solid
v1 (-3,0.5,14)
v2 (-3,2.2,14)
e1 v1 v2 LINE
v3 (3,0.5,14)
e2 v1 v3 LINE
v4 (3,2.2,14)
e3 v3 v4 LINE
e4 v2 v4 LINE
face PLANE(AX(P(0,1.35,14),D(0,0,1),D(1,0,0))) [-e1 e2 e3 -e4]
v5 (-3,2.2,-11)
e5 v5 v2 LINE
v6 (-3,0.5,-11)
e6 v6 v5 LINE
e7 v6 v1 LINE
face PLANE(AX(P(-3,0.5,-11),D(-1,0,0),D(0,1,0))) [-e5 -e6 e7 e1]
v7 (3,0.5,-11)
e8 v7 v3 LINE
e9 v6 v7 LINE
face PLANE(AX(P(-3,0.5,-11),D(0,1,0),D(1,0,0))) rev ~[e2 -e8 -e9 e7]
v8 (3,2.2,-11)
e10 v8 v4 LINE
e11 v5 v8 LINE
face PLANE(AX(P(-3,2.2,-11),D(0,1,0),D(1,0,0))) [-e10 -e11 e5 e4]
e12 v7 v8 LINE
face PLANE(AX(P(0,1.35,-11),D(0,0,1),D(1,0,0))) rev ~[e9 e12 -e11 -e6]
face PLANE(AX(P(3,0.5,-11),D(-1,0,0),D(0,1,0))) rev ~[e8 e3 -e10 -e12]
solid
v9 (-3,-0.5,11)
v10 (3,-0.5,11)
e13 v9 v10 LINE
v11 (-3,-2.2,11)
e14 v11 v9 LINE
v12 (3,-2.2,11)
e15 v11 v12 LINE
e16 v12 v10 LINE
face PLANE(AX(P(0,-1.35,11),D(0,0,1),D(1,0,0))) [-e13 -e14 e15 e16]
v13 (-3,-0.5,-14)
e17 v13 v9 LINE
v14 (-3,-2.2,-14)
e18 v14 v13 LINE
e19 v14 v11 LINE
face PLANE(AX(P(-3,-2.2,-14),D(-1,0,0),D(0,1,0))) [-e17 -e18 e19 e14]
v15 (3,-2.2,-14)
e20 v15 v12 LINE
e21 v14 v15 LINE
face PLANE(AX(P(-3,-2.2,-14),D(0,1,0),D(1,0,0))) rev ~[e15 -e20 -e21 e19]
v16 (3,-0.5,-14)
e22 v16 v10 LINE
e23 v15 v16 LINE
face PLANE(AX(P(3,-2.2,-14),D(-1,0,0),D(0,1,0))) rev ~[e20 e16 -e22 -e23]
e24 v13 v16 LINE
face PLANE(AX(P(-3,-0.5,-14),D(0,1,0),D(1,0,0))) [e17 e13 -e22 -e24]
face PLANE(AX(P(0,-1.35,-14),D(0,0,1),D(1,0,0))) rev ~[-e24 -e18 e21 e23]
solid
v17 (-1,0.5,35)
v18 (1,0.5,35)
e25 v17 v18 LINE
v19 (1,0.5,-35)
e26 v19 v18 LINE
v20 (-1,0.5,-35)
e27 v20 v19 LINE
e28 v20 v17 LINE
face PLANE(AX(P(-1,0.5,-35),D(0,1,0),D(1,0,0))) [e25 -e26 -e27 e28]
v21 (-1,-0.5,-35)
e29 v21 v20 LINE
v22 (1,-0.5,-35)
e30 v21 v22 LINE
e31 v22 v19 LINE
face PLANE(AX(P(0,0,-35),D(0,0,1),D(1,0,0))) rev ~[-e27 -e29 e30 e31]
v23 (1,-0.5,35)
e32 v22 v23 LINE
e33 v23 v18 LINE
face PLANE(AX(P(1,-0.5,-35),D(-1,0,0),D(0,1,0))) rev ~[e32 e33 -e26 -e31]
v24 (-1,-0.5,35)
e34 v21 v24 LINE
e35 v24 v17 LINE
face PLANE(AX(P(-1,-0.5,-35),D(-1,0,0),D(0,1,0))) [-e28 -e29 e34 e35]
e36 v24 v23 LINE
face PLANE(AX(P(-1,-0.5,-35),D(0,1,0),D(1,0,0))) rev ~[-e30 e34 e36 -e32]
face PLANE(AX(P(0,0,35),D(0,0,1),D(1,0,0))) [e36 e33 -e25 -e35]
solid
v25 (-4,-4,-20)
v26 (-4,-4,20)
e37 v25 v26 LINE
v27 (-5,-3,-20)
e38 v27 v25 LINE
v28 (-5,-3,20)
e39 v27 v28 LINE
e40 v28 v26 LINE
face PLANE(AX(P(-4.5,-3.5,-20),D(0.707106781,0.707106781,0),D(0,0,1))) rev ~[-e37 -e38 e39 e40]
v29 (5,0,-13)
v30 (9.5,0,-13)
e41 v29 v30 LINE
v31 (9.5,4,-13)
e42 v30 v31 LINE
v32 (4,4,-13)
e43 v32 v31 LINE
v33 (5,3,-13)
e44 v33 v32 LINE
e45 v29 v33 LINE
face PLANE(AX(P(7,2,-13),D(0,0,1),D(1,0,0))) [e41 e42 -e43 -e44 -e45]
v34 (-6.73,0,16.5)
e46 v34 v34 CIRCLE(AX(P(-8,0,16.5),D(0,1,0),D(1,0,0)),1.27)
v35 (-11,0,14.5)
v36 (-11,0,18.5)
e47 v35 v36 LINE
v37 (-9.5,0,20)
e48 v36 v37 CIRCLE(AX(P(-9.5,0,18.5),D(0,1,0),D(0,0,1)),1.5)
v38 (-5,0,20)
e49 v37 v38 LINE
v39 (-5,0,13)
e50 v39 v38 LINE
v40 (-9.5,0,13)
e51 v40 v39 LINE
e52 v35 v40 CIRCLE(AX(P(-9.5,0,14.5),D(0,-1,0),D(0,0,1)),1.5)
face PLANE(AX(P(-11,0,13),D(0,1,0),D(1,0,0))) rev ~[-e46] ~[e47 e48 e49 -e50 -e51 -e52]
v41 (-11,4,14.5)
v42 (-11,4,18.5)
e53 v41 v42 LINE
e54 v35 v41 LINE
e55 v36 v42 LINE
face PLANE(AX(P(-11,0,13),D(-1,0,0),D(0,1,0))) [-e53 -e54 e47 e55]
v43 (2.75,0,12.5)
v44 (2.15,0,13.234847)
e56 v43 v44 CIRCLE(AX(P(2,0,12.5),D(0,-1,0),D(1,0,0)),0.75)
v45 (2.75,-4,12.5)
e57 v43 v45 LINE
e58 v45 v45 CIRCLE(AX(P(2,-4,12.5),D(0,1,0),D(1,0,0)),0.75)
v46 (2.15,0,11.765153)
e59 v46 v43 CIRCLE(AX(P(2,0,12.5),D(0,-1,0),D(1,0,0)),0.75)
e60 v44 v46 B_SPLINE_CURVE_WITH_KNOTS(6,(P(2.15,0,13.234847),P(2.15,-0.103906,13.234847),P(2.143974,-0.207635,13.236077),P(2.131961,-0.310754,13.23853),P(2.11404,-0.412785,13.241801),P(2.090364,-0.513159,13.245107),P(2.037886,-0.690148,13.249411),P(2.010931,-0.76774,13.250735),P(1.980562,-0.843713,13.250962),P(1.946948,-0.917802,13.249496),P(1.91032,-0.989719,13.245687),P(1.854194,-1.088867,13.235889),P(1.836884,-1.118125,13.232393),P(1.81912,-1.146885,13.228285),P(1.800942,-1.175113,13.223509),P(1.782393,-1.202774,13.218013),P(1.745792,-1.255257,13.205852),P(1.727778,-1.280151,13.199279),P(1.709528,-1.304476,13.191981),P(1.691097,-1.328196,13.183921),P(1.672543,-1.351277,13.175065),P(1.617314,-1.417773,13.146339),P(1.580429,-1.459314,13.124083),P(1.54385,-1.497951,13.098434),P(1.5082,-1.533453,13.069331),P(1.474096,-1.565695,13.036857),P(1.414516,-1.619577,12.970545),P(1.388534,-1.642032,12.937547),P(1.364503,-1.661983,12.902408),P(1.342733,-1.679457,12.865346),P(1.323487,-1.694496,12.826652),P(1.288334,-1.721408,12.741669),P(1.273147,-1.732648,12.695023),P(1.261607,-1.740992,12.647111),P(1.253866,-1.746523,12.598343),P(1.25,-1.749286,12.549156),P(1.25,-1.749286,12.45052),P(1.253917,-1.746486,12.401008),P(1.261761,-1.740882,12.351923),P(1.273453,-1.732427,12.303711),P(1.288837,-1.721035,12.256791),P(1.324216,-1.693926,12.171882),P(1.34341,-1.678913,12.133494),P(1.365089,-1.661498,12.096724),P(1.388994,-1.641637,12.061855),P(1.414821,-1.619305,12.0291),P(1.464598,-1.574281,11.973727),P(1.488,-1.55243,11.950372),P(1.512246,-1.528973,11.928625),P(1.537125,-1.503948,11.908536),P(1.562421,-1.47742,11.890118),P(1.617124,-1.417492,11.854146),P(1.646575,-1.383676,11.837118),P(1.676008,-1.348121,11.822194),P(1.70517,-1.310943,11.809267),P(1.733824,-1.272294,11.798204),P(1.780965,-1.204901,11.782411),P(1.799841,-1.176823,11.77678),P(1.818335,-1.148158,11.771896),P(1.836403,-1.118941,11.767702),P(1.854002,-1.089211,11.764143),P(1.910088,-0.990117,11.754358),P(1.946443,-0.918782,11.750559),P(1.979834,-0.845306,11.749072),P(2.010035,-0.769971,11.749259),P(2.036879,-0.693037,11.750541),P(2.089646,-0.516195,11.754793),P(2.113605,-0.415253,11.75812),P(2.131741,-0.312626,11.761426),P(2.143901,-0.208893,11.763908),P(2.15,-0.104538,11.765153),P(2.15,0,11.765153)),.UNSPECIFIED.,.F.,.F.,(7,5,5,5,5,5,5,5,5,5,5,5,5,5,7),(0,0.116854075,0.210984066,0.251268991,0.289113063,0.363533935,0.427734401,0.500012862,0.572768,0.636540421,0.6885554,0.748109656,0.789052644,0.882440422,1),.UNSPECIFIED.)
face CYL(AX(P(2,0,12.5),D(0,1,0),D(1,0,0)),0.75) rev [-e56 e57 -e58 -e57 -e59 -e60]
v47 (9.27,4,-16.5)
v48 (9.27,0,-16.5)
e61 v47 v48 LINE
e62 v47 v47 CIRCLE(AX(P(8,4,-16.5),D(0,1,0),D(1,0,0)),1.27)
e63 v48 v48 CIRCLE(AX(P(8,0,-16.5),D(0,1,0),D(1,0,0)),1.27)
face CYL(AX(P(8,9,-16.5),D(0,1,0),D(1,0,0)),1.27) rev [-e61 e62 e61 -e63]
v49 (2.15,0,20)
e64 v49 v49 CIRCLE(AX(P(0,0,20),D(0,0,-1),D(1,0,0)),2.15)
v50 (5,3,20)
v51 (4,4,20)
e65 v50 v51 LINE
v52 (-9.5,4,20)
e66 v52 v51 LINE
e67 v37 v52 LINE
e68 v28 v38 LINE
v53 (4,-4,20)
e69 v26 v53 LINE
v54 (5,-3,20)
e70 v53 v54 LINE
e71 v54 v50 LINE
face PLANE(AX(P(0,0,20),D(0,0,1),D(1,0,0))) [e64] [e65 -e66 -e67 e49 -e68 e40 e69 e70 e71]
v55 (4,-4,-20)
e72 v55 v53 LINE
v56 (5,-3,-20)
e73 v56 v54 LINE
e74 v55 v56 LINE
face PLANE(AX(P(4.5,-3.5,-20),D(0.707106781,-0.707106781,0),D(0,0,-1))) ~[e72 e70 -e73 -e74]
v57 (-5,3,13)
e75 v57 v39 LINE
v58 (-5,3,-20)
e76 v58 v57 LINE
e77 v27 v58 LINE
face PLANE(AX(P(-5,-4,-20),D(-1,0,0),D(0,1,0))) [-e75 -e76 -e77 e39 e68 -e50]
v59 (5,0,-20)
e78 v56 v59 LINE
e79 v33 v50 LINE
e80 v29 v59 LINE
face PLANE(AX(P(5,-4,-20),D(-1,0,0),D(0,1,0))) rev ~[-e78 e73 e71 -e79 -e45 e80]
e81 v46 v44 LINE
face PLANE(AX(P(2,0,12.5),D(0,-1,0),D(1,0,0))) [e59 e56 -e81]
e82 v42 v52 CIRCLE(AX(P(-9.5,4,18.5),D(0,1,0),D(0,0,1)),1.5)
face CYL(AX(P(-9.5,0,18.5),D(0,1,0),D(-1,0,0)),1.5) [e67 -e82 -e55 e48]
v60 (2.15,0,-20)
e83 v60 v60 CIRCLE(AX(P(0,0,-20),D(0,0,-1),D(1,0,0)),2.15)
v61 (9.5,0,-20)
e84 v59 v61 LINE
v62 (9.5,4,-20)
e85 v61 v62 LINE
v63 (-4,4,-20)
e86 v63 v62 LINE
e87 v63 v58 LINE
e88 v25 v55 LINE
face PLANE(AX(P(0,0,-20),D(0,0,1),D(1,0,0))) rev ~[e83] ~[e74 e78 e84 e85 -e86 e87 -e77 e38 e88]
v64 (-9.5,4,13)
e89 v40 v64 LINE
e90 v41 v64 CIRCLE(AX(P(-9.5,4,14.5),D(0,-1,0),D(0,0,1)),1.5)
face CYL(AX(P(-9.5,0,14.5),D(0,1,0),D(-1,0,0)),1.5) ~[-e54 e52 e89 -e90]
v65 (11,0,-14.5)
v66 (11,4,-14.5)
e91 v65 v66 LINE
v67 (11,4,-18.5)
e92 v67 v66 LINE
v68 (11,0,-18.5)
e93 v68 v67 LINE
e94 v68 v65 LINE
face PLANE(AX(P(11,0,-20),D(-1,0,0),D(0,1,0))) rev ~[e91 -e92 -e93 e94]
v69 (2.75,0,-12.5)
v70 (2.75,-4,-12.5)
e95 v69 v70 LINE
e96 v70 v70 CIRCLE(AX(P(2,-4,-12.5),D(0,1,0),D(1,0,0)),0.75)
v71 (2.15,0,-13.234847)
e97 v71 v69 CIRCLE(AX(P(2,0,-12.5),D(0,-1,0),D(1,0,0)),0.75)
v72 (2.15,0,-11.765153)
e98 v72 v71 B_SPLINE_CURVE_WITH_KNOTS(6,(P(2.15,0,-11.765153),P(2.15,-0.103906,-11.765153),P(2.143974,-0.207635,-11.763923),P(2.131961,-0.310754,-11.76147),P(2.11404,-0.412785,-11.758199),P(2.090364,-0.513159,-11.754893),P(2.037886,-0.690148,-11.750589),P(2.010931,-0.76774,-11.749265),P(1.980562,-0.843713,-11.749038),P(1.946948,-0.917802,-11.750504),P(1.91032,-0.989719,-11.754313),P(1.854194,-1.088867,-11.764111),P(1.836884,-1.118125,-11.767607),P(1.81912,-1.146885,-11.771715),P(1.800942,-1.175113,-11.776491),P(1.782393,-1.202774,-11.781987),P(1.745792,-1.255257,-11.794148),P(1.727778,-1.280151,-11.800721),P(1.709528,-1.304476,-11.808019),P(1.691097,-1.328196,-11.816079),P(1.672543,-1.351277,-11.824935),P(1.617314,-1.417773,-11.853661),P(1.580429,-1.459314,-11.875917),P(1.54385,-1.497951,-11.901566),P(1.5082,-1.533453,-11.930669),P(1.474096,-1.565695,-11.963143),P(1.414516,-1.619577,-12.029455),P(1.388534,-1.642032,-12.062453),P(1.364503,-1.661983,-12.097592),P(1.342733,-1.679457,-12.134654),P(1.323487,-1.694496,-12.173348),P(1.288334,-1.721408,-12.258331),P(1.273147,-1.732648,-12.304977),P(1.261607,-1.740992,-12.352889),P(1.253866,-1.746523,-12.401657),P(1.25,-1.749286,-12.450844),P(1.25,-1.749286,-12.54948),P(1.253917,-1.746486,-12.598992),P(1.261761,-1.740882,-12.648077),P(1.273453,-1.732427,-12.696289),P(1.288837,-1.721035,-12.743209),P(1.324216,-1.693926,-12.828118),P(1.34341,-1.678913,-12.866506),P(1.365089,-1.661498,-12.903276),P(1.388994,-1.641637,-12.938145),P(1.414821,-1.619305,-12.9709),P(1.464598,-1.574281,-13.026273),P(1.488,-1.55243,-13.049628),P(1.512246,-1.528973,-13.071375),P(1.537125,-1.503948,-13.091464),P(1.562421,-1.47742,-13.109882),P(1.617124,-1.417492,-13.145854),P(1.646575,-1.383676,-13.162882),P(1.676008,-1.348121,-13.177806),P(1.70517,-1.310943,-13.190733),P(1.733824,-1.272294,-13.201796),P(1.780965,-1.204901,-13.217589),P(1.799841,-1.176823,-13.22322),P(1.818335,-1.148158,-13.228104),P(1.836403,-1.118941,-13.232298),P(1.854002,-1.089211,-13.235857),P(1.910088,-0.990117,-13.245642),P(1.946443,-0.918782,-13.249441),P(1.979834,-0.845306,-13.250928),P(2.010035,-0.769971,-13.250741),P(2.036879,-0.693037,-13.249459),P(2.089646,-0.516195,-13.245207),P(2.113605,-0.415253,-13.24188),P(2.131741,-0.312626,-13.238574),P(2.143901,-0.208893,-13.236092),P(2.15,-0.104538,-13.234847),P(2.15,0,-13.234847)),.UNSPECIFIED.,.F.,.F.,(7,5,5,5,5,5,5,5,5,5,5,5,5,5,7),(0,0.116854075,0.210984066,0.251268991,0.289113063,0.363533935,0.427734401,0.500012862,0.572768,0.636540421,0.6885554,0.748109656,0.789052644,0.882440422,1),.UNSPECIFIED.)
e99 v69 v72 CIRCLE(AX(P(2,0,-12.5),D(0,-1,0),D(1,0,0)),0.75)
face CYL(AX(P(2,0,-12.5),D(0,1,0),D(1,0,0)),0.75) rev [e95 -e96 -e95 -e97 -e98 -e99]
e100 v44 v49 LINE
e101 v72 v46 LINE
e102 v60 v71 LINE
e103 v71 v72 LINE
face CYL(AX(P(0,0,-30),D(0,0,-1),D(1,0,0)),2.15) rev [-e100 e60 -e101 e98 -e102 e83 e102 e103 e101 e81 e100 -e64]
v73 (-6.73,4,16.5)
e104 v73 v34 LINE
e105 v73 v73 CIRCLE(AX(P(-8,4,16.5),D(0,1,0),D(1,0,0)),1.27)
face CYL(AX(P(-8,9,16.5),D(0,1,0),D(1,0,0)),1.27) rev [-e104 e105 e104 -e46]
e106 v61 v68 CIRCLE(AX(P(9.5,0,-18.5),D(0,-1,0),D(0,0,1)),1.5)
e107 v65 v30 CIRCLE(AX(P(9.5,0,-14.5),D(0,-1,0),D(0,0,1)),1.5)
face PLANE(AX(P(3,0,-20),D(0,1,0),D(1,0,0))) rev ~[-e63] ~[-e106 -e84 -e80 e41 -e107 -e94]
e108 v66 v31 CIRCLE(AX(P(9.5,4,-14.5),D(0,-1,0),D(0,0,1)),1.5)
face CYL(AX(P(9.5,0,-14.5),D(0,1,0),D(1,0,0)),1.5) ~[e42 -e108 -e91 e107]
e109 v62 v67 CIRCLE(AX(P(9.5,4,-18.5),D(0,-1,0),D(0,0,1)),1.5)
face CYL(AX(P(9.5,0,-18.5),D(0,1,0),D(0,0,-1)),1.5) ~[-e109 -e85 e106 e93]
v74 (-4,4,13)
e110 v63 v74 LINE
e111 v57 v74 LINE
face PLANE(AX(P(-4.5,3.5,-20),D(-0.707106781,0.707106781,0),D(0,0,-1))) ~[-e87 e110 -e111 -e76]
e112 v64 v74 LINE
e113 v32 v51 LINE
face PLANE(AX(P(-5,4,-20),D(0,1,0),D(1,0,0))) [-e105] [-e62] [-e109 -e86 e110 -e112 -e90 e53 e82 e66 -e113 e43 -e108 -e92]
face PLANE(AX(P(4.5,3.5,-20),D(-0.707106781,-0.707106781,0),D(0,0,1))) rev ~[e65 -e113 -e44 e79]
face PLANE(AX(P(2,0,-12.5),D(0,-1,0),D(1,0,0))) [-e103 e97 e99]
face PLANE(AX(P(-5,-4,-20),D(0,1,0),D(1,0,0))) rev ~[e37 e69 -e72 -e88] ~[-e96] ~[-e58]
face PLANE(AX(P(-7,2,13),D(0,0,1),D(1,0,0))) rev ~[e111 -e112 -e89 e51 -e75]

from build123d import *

# Parameters (mm, degrees)
BOX_W                  = 2
BOX_H                  = 1
BOX_DEPTH              = 70
BOX002_W               = 6
BOX002_H               = 1.7
BOX002_DEPTH           = 25
BOX003_W               = 6
BOX003_H               = 1.7
BOX003_DEPTH           = 25
CYLINDER002_R          = 0.75
CYLINDER002_DEPTH      = 20
CYLINDER002_ROLL_ANGLE = 90
CYLINDER001_R          = 0.75
CYLINDER001_DEPTH      = 20
CYLINDER001_ROLL_ANGLE = 90
CYLINDER_R             = 2.15
CYLINDER_DEPTH         = 60
CYLINDER003_R          = 1.27
CYLINDER003_DEPTH      = 20
CYLINDER003_ROLL_ANGLE = 90
CYLINDER004_R          = 1.27
CYLINDER004_DEPTH      = 20
CYLINDER004_ROLL_ANGLE = 90
BOX004_W               = 8
BOX004_H               = 4
BOX004_DEPTH           = 7
BOX001_W               = 10
BOX001_H               = 8
BOX001_DEPTH           = 40
CHAMFER_SIZE           = 1
CHAMFER001_SIZE        = 1
CHAMFER002_SIZE        = 1
CHAMFER003_SIZE        = 1
BOX005_W               = 8
BOX005_H               = 4
BOX005_DEPTH           = 7
FILLET_R               = 1.5
FILLET001_R            = 1.5
FILLET002_R            = 1.5
FILLET003_R            = 1.5


with BuildPart() as cube:
    # Box → Box (new body)
    with BuildSketch(Plane(origin=(-1, -0.5, -35), x_dir=(1, 0, 0), z_dir=(0, 0, 1))):
        with Locations((1, 0.5)):
            Rectangle(BOX_W, BOX_H)
    extrude(amount=BOX_DEPTH)


with BuildPart() as cube002:
    # Box002 → Box002 (new body)
    with BuildSketch(Plane(origin=(-3, -2.2, -14), x_dir=(1, 0, 0), z_dir=(0, 0, 1))):
        with Locations((3, 0.85)):
            Rectangle(BOX002_W, BOX002_H)
    extrude(amount=BOX002_DEPTH)


with BuildPart() as cube003:
    # Box003 → Box003 (new body)
    with BuildSketch(Plane(origin=(-3, 0.5, -11), x_dir=(1, 0, 0), z_dir=(0, 0, 1))):
        with Locations((3, 0.85)):
            Rectangle(BOX003_W, BOX003_H)
    extrude(amount=BOX003_DEPTH)


with BuildPart() as cylinder002:
    # Cylinder002 → Cylinder002 (new body)
    with BuildSketch(Plane.XY):
        Circle(CYLINDER002_R)
    extrude(amount=CYLINDER002_DEPTH)


with BuildPart() as cylinder002_1:
    # Cylinder002 roll: moved
    add(cylinder002.part.rotate(Axis((0, 0, 0), (1, 0, 0)), CYLINDER002_ROLL_ANGLE))


with BuildPart() as cylinder002_2:
    # Cylinder002 placement: moved
    add(cylinder002_1.part.moved(Location((2, 0, -12.5))))


with BuildPart() as cylinder001:
    # Cylinder001 → Cylinder001 (new body)
    with BuildSketch(Plane.XY):
        Circle(CYLINDER001_R)
    extrude(amount=CYLINDER001_DEPTH)


with BuildPart() as cylinder001_1:
    # Cylinder001 roll: moved
    add(cylinder001.part.rotate(Axis((0, 0, 0), (1, 0, 0)), CYLINDER001_ROLL_ANGLE))


with BuildPart() as cylinder001_2:
    # Cylinder001 placement: moved
    add(cylinder001_1.part.moved(Location((2, 0, 12.5))))


with BuildPart() as cylinder:
    # Cylinder → Cylinder (new body)
    with BuildSketch(Plane.XY.offset(-30)):
        Circle(CYLINDER_R)
    extrude(amount=CYLINDER_DEPTH)


with BuildPart() as cylinder003:
    # Cylinder003 → Cylinder003 (new body)
    with BuildSketch(Plane.XY):
        Circle(CYLINDER003_R)
    extrude(amount=CYLINDER003_DEPTH)


with BuildPart() as cylinder003_1:
    # Cylinder003 roll: moved
    add(cylinder003.part.rotate(Axis((0, 0, 0), (1, 0, 0)), CYLINDER003_ROLL_ANGLE))


with BuildPart() as cylinder003_2:
    # Cylinder003 placement: moved
    add(cylinder003_1.part.moved(Location((-8, 9, 16.5))))


with BuildPart() as cylinder004:
    # Cylinder004 → Cylinder004 (new body)
    with BuildSketch(Plane.XY):
        Circle(CYLINDER004_R)
    extrude(amount=CYLINDER004_DEPTH)


with BuildPart() as cylinder004_1:
    # Cylinder004 roll: moved
    add(cylinder004.part.rotate(Axis((0, 0, 0), (1, 0, 0)), CYLINDER004_ROLL_ANGLE))


with BuildPart() as cylinder004_2:
    # Cylinder004 placement: moved
    add(cylinder004_1.part.moved(Location((8, 9, -16.5))))


with BuildPart() as cube004:
    # Box004 → Box004 (new body)
    with BuildSketch(Plane(origin=(3, 0, -20), x_dir=(1, 0, 0), z_dir=(0, 0, 1))):
        with Locations((4, 2)):
            Rectangle(BOX004_W, BOX004_H)
    extrude(amount=BOX004_DEPTH)


with BuildPart() as fusion:
    # Box001 → Box001 (new body)
    with BuildSketch(Plane(origin=(-5, -4, -20), x_dir=(1, 0, 0), z_dir=(0, 0, 1))):
        with Locations((5, 4)):
            Rectangle(BOX001_W, BOX001_H)
    extrude(amount=BOX001_DEPTH)

    # Chamfer
    chamfer_edges = [fusion.edges().sort_by_distance(p)[0] for p in [
        (-5, -4, 0),
    ]]
    chamfer(chamfer_edges, length=CHAMFER_SIZE)

    # Chamfer001
    chamfer001_edges = [fusion.edges().sort_by_distance(p)[0] for p in [
        (5, -4, 0),
    ]]
    chamfer(chamfer001_edges, length=CHAMFER001_SIZE)

    # Chamfer002
    chamfer002_edges = [fusion.edges().sort_by_distance(p)[0] for p in [
        (5, 4, 0),
    ]]
    chamfer(chamfer002_edges, length=CHAMFER002_SIZE)

    # Chamfer003
    chamfer003_edges = [fusion.edges().sort_by_distance(p)[0] for p in [
        (-5, 4, 0),
    ]]
    chamfer(chamfer003_edges, length=CHAMFER003_SIZE)

    # Fusion: union Cube004
    add(cube004.part)


with BuildPart() as cut004:
    # Box005 → Box005 (new body)
    with BuildSketch(Plane(origin=(-11, 0, 13), x_dir=(1, 0, 0), z_dir=(0, 0, 1))):
        with Locations((4, 2)):
            Rectangle(BOX005_W, BOX005_H)
    extrude(amount=BOX005_DEPTH)

    # Fusion001: union Fusion
    add(fusion.part)

    # Cut: cut Cylinder004
    add(cylinder004_2.part, mode=Mode.SUBTRACT)

    # Cut001: cut Cylinder003
    add(cylinder003_2.part, mode=Mode.SUBTRACT)

    # Fillet
    fillet_edges = [cut004.edges().sort_by_distance(p)[0] for p in [
        (-11, 2, 20),
    ]]
    fillet(fillet_edges, radius=FILLET_R)

    # Fillet001
    fillet001_edges = [cut004.edges().sort_by_distance(p)[0] for p in [
        (-11, 2, 13),
    ]]
    fillet(fillet001_edges, radius=FILLET001_R)

    # Fillet002
    fillet002_edges = [cut004.edges().sort_by_distance(p)[0] for p in [
        (11, 2, -20),
    ]]
    fillet(fillet002_edges, radius=FILLET002_R)

    # Fillet003
    fillet003_edges = [cut004.edges().sort_by_distance(p)[0] for p in [
        (11, 2, -13),
    ]]
    fillet(fillet003_edges, radius=FILLET003_R)

    # Cut002: cut Cylinder
    add(cylinder.part, mode=Mode.SUBTRACT)

    # Cut003: cut Cylinder001
    add(cylinder001_2.part, mode=Mode.SUBTRACT)

    # Cut004: cut Cylinder002
    add(cylinder002_2.part, mode=Mode.SUBTRACT)


solid = Compound([cube.part, cube002.part, cube003.part, cut004.part])
